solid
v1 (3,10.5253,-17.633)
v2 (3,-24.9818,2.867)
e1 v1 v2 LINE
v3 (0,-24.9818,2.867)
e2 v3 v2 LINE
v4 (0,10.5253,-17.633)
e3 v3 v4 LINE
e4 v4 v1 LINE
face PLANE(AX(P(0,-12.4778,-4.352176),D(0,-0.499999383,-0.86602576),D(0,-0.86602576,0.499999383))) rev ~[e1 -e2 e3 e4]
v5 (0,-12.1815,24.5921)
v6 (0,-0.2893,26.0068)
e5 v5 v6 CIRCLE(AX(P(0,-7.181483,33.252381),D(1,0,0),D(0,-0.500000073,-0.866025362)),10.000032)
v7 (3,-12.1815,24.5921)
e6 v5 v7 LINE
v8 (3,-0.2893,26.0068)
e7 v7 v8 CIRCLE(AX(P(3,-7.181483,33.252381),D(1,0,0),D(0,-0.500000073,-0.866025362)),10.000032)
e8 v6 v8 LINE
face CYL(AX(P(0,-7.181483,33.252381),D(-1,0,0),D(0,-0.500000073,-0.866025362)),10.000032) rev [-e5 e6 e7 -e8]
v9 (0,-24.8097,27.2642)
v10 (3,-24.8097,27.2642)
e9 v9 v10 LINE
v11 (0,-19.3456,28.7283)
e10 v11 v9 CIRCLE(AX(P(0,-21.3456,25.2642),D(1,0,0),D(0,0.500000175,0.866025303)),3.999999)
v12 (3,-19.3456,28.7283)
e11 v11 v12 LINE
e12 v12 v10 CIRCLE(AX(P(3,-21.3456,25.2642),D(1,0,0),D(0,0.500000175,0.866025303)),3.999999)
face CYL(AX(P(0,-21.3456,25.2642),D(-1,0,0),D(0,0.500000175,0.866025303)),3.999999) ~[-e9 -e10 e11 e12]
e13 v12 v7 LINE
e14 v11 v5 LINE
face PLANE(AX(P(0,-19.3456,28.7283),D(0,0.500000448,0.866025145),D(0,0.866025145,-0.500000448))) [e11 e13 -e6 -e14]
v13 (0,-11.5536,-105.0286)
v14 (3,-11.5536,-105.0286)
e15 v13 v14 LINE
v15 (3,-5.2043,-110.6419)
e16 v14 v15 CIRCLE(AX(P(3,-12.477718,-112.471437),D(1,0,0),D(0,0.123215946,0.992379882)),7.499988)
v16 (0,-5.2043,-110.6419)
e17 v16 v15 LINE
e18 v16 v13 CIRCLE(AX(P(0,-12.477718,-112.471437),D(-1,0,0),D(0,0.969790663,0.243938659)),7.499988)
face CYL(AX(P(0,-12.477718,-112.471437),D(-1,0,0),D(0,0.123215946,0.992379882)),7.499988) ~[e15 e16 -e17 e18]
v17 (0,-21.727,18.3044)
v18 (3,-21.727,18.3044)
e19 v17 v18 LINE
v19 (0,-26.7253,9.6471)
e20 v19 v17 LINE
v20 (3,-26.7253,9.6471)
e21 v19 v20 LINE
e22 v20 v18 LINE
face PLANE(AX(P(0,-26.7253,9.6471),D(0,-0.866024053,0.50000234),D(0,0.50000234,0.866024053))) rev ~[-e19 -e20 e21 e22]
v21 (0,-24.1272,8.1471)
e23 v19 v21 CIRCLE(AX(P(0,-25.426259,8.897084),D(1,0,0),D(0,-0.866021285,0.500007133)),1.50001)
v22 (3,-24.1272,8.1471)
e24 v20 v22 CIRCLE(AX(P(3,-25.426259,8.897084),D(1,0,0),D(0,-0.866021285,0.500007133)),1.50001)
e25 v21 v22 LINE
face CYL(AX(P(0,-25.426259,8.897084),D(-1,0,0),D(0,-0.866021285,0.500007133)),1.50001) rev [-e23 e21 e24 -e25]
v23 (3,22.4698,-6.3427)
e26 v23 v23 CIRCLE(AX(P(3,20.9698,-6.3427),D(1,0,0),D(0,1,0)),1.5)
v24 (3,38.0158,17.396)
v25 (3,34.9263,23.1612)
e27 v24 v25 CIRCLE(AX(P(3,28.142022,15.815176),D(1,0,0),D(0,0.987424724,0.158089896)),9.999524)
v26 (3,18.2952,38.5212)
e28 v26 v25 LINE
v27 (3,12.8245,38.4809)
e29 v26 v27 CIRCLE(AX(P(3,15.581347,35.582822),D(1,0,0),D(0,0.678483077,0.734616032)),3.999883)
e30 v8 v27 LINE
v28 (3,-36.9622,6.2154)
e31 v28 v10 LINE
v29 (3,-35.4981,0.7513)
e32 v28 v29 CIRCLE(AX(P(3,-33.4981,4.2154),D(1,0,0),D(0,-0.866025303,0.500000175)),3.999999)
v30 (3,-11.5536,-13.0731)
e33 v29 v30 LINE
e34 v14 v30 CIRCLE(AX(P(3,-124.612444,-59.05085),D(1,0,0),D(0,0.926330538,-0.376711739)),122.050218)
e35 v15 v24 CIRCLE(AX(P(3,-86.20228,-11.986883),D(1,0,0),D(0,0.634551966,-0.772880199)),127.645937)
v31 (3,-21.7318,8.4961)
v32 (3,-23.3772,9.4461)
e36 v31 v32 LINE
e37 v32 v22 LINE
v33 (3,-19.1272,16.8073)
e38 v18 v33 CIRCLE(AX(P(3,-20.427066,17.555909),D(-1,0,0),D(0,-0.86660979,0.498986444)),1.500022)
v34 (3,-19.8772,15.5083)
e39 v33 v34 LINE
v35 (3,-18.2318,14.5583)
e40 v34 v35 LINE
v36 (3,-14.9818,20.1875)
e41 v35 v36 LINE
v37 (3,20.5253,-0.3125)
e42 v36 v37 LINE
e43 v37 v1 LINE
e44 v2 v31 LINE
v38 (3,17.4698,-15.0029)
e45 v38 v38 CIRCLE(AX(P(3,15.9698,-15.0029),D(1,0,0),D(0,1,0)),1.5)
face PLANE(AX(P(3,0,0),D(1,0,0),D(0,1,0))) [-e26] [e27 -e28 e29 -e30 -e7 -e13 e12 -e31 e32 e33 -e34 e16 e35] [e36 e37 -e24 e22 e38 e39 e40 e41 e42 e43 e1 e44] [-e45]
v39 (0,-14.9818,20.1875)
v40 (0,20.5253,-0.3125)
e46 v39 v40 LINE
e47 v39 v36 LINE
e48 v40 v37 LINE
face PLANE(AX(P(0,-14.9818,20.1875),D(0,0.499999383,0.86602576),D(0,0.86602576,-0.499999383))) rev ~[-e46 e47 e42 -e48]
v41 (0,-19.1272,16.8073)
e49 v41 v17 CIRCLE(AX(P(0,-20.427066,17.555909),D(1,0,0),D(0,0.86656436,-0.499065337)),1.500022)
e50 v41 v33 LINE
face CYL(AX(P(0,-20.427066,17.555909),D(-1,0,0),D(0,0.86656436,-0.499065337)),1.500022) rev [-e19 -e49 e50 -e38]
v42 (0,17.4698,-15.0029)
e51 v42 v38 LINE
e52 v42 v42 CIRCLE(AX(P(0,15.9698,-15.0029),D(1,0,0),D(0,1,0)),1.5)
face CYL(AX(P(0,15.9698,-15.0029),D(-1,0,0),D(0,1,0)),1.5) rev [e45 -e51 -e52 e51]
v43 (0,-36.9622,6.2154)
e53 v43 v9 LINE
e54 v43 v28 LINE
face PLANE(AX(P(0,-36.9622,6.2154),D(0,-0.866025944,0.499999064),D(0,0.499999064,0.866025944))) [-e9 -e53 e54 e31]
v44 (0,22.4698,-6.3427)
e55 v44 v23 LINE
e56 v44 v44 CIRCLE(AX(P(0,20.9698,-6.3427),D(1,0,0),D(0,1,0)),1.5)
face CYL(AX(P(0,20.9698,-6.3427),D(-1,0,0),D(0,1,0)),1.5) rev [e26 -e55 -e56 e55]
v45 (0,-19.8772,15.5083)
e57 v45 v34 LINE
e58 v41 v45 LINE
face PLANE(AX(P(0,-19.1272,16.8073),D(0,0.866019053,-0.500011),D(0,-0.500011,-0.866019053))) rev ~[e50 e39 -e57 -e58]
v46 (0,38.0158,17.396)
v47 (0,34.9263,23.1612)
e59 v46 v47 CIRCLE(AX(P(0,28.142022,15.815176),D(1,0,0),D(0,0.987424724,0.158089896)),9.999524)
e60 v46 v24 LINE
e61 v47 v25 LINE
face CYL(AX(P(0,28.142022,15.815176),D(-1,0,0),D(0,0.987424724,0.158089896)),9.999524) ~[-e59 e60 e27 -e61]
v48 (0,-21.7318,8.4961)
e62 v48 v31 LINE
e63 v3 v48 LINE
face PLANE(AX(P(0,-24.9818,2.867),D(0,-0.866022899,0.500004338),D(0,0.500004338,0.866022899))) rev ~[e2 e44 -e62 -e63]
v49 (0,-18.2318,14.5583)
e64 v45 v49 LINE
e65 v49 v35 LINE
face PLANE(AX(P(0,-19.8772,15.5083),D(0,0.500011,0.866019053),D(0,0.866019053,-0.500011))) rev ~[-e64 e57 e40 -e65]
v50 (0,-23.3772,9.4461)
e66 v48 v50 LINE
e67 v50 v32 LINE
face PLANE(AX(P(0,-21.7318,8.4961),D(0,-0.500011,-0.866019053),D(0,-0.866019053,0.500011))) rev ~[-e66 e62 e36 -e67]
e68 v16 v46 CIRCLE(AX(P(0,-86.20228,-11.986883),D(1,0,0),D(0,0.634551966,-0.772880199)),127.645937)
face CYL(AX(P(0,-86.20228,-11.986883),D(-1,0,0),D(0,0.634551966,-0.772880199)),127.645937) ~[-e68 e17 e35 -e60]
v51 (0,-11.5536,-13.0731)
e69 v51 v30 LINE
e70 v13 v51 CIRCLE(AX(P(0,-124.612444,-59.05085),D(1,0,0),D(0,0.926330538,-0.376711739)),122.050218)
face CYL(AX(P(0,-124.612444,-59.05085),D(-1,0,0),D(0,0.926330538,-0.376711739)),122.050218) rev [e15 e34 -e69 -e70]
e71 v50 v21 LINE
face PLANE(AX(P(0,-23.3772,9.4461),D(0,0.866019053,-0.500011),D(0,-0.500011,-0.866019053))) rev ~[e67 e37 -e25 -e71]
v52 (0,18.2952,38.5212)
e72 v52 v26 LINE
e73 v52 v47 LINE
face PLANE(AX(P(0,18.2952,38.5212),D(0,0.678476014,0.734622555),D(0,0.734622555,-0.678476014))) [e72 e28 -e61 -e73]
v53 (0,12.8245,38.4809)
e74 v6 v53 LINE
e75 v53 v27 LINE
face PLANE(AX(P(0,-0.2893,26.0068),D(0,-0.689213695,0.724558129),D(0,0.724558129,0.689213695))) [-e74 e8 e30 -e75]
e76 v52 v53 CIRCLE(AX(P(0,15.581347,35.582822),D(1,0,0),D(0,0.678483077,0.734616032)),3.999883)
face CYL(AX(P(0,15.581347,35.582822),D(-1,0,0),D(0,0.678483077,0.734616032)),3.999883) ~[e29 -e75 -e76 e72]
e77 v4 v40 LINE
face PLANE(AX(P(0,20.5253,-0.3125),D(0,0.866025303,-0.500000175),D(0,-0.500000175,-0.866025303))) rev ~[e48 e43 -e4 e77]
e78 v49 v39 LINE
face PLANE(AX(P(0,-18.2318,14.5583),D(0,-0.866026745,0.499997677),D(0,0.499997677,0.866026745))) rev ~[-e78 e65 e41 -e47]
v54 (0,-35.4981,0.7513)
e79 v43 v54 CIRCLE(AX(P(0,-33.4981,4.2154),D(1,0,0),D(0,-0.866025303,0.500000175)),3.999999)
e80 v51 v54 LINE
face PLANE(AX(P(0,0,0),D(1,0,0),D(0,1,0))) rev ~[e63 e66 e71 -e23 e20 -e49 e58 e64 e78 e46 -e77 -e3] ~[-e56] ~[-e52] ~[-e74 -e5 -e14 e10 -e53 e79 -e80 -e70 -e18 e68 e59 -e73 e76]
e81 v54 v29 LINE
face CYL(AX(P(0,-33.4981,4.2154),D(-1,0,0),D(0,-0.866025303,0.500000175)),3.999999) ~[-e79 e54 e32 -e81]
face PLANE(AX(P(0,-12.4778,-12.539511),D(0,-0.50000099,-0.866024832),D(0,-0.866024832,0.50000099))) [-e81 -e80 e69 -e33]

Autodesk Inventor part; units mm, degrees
ref_plane "YZ Plane" through (0, 0, 0) normal (1, 0, 0) x (0, 1, 0)
ref_plane "XZ Plane" through (0, 0, 0) normal (0, 1, 0) x (-1, 0, 0)
ref_plane "XY Plane" through (0, 0, 0) normal (0, 0, 1) x (1, 0, 0)
sketch "Sketch1" plane through (0, 0, 0) normal (1, 0, 0) x (0, 1, 0)
  line L0 (-19.3456, 28.7283) -> (-12.1815, 24.5921)
  line L1 (-11.5536, -13.0731) -> (-35.4981, 0.7513)
  line L2 (-36.9622, 6.2154) -> (-24.8097, 27.2642)
  line L3 (-0.2893, 26.0068) -> (12.8245, 38.4809)
  arc A0 (-19.3456, 28.7283) -> (-24.8097, 27.2642) centre (-21.3456, 25.2642) ccw
  arc A1 (-12.1815, 24.5921) -> (-0.2893, 26.0068) centre (-7.1815, 33.2523) ccw
  line L4 (18.2952, 38.5212) -> (34.9263, 23.1612)
  arc A2 (18.2952, 38.5212) -> (12.8245, 38.4809) centre (15.5813, 35.5827) ccw
  arc A3 (38.0158, 17.396) -> (34.9263, 23.1612) centre (28.1415, 15.815) ccw
  line L5 (-14.9818, 20.1875) -> (20.5253, -0.3125)
  line L6 (20.5253, -0.3125) -> (10.5253, -17.633)
  line L7 (10.5253, -17.633) -> (-24.9818, 2.867)
  circle A4 centre (20.9698, -6.3427) radius 1.5
  circle A5 centre (15.9698, -15.0029) radius 1.5
  arc A6 (-19.1272, 16.8073) -> (-21.727, 18.3044) centre (-20.4271, 17.5559) ccw
  arc A7 (-26.7253, 9.6471) -> (-24.1272, 8.1471) centre (-25.4262, 8.8971) ccw
  line L8 (-21.7318, 8.4961) -> (-23.3772, 9.4461)
  line L9 (-24.9818, 2.867) -> (-21.7318, 8.4961)
  line L10 (-18.2318, 14.5583) -> (-14.9818, 20.1875)
  line L11 (-26.7253, 9.6471) -> (-21.7253, 18.3073)
  line L12 (-19.8772, 15.5083) -> (-18.2318, 14.5583)
  line L13 (-19.1272, 16.8073) -> (-19.8772, 15.5083)
  line L14 (-23.3772, 9.4461) -> (-24.1272, 8.1471)
  arc A8 (-11.5536, -105.0286) -> (-5.2043, -110.6419) centre (-12.4778, -112.4714) ccw
  arc A9 (-11.5536, -105.0286) -> (-11.5536, -13.0731) centre (-124.6127, -59.0508) ccw
  arc A10 (-5.2043, -110.6419) -> (38.0158, 17.396) centre (-86.2024, -11.9868) ccw
  arc A11 (-36.9622, 6.2154) -> (-35.4981, 0.7513) centre (-33.4981, 4.2154) ccw
  circle A12 centre (-11.8158, 5.9264) radius 2.6887
  line L15 (-11.8447, 5.8764) -> (38.9266, -23.4364)
  line L16 (38.9266, -23.4364) -> (-12.4778, -112.4714)
  line L17 (-12.4778, 5.8764) -> (-12.4778, -112.4714)
  point P0 (0, 0)
  point P1 (22.6035, 14.6658)
  point P2 (37.4247, 20.8538)
  dimension "d15" = 4
  dimension "d16" = 10
  dimension "d20" = 4
  dimension "d22" = 10
  dimension "d24" = 41
  dimension "d25" = 20
  dimension "d27" = 3.4
  dimension "d36" = 15
  dimension "d37" = 4
  dimension "d40" = 90
sketch "Sketch2" plane through (0, 0, 0) normal (1, 0, 0) x (0, 1, 0)
  point P0 (0, 0)
extrude "Extrusion1" add sketch "Sketch1" along normal blind 3 contours L0 A1 L3 A2 L4 A3 A10 A8 L17 L16 L15 L6 L5 L10 L12 L13 A6 L11 A7 L14 L8 L9 L7 L1 A11 L2 A0 | L17 L7 L6 L15 L16 A8 A9 L1
sketch "Sketch3" plane through (3, 0, 0) normal (1, 0, 0) x (0, 0, -1)
  point P0 (0, 0)
